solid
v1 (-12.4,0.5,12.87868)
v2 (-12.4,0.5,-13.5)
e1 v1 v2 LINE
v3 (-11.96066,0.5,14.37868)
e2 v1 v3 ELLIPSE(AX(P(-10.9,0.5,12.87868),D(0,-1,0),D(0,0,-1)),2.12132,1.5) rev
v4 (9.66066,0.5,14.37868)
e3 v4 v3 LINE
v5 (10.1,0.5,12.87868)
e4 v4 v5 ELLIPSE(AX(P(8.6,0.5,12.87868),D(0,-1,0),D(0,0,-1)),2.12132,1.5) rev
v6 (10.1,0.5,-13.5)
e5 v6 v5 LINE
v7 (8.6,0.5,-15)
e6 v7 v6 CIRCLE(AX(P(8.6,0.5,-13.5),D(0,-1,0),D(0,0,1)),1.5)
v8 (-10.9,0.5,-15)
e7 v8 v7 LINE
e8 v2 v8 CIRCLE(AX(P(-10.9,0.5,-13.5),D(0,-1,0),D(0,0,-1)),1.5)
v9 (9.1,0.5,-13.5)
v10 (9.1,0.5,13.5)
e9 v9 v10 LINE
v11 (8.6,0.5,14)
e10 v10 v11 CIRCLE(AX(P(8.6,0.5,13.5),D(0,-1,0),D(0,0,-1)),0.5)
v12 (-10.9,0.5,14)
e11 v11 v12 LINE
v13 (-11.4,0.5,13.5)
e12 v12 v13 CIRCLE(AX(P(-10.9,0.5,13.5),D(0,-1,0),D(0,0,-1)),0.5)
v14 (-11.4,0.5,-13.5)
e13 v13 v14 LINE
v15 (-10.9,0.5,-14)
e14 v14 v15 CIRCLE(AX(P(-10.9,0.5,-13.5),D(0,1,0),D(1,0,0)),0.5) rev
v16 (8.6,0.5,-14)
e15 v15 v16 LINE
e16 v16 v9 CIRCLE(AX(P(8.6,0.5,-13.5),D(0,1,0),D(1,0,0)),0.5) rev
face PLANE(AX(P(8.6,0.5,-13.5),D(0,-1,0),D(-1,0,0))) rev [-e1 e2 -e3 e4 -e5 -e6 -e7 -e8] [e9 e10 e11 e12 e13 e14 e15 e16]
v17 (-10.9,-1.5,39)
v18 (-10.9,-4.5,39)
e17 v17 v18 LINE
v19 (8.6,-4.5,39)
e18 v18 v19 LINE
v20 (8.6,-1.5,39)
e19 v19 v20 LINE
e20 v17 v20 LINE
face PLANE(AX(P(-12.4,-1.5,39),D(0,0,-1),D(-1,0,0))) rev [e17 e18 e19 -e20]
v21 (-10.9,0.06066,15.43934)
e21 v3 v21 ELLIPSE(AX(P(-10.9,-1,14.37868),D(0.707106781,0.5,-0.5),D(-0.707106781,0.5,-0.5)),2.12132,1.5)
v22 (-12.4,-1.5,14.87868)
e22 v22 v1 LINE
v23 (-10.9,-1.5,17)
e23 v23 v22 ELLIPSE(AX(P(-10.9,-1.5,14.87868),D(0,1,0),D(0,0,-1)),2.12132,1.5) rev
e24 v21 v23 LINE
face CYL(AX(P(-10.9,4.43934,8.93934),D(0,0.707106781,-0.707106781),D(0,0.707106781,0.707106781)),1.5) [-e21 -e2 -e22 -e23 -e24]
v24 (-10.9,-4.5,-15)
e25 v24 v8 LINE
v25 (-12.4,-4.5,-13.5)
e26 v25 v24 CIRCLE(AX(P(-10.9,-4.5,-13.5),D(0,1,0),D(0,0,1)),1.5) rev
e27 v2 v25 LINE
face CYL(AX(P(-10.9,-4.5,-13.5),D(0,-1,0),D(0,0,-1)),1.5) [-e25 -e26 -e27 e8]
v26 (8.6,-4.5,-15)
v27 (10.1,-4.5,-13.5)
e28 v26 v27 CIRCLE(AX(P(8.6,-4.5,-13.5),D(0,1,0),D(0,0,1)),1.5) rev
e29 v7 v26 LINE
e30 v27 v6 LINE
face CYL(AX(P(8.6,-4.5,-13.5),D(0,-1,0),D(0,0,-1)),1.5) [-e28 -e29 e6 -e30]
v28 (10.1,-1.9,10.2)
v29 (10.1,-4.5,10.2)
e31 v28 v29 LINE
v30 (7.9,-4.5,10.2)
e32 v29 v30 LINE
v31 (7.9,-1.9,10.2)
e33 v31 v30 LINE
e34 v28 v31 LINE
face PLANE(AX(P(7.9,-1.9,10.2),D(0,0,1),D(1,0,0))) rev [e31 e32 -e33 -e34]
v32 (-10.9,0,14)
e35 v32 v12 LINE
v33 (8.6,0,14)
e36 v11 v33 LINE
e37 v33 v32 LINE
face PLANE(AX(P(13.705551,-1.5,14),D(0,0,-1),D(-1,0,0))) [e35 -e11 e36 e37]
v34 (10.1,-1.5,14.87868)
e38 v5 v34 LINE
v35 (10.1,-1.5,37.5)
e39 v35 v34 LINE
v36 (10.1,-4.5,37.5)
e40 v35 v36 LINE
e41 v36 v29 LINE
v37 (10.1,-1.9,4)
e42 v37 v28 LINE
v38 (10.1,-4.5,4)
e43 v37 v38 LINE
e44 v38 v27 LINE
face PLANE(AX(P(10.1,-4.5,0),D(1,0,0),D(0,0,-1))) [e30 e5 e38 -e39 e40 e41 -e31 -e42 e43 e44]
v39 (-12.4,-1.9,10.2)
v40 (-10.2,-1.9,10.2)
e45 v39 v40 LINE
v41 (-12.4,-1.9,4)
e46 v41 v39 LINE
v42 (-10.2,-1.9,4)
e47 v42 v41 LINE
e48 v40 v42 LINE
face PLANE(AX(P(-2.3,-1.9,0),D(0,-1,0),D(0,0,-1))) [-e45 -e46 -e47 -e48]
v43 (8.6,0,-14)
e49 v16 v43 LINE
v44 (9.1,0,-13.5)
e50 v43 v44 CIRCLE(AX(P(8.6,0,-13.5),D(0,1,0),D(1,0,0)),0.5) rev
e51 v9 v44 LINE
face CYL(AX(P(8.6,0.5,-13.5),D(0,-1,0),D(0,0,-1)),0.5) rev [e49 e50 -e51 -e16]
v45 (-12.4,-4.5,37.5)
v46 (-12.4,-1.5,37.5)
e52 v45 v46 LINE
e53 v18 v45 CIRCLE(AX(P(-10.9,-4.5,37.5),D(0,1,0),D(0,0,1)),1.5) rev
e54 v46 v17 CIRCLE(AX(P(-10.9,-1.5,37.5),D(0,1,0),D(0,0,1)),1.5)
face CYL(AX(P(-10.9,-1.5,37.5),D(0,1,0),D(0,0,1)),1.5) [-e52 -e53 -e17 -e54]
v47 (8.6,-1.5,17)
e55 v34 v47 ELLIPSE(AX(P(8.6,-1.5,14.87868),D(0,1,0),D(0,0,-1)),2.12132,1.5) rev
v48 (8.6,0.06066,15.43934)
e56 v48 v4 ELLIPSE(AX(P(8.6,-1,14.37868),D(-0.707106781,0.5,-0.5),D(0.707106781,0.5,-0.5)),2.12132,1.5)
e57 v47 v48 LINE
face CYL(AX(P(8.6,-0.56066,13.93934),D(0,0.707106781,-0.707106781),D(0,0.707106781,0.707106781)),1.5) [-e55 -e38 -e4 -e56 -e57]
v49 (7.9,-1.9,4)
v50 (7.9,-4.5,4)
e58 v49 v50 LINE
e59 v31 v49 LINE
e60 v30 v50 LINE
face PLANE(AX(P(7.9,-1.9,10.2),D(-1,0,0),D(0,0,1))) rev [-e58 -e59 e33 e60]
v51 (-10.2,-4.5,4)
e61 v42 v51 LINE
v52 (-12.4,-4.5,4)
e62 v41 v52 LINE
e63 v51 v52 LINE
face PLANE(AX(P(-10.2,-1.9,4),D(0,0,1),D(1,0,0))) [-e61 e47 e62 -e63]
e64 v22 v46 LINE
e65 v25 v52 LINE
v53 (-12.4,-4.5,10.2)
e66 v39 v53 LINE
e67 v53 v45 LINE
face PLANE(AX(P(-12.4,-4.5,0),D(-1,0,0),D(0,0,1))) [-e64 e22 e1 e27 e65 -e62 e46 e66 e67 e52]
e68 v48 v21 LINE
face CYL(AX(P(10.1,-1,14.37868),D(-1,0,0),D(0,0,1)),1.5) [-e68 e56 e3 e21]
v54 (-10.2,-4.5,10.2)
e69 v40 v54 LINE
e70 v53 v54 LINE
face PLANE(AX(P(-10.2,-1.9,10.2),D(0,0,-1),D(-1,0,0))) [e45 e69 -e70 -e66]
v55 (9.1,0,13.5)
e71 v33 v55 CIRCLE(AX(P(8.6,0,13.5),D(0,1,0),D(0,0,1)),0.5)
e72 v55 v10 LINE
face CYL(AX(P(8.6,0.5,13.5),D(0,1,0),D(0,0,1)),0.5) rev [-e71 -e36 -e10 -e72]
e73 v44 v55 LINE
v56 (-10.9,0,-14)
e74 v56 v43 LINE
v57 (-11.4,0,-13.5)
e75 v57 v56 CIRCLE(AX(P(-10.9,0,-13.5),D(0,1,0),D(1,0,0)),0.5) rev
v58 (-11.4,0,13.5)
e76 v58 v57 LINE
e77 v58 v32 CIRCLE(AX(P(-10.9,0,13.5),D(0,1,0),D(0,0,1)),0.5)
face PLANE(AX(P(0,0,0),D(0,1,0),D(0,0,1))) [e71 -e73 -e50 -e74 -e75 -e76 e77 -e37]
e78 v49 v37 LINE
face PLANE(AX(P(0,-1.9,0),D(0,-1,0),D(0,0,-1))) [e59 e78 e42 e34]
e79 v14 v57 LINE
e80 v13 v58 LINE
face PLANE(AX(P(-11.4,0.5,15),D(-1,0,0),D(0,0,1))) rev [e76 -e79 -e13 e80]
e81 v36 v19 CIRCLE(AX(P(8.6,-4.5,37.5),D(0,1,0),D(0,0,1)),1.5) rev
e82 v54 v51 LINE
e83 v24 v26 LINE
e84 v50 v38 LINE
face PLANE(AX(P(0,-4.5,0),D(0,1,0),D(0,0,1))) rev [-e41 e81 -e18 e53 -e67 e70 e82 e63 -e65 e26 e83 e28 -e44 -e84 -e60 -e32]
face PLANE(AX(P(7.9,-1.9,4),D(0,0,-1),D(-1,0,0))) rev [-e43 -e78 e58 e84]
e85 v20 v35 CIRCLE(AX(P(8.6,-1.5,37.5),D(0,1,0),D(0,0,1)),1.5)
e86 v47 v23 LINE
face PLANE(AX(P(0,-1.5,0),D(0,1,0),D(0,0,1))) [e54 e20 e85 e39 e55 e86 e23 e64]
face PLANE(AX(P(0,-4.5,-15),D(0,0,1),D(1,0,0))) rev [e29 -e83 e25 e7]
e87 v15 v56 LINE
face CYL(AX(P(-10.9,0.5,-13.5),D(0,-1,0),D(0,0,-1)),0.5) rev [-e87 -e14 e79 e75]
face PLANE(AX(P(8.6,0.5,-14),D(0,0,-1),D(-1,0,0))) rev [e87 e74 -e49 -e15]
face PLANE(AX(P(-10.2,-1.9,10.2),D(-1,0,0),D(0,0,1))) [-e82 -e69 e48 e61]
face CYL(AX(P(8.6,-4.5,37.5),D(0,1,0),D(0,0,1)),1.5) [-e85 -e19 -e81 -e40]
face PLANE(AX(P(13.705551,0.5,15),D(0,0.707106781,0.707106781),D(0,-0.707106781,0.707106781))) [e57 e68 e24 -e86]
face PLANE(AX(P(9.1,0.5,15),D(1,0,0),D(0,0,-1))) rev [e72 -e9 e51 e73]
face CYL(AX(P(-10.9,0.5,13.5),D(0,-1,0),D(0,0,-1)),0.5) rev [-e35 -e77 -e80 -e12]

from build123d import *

# Parameters (mm, degrees)
SURFACE_SKETCH_W       = 22.5
SURFACE_SKETCH_H       = 30
BODY_DEPTH             = 4.5
SKETCH_19_W            = 22.5
SKETCH_19_H            = 24
EXTRUDE_4_DEPTH        = 3
FILLET_6_R             = 1.5
MAGNET_CUTOUT_SKETCH_W = 2.2
MAGNET_CUTOUT_SKETCH_H = 6.2
MAGNET_CUTOUT_DEPTH    = 2.6
BORDER_DEPTH           = 0.5
CHAMPFER_DEPTH         = 22.5
FILLET_7_R             = 1.5
FILLET_8_R             = 0.5
CUT_EXTRUDE_1_DEPTH    = 23.5


with BuildPart() as part:
    # surface_sketch → body (new body)
    with BuildSketch(Plane(origin=(0, 0, 0), x_dir=(1, 0, 0), z_dir=(0, 1, 0))):
        with Locations((-1.15, 0)):
            Rectangle(SURFACE_SKETCH_W, SURFACE_SKETCH_H)
    extrude(amount=-BODY_DEPTH)

    # Эскиз19 → Бобышка-Вытянуть4 (add)
    with BuildSketch(Plane(origin=(0, -4.5, 0), x_dir=(1, 0, 0), z_dir=(0, 1, 0))):
        with Locations((-1.15, -27)):
            Rectangle(SKETCH_19_W, SKETCH_19_H)
    extrude(amount=EXTRUDE_4_DEPTH)

    # Скругление6
    fillet_6_edges = [part.edges().sort_by_distance(p)[0] for p in [
        (-12.4, -3, 39),
        (10.1, -3, 39),
        (10.1, -2.25, -15),
        (-12.4, -2.25, -15),
    ]]
    fillet(fillet_6_edges, radius=FILLET_6_R)

    # magnet_cutout_sketch → magnet_cutout (cut)
    with BuildSketch(Plane.XZ.offset(4.5)):
        with Locations((9, 7.1)):
            Rectangle(MAGNET_CUTOUT_SKETCH_W, MAGNET_CUTOUT_SKETCH_H)
    magnet_cutout = extrude(amount=-MAGNET_CUTOUT_DEPTH, mode=Mode.SUBTRACT)

    # magnet_cutout_mirror: magnet_cutout across plane
    add(magnet_cutout.mirror(Plane(origin=(-1.15, 0, 0), x_dir=(0, 0, 1), z_dir=(1, 0, 0))), mode=Mode.SUBTRACT)

    # border_sketch → border (add)
    with BuildSketch(Plane(origin=(0, 0, 0), x_dir=(1, 0, 0), z_dir=(0, 1, 0))):
        with BuildLine():
            Line((-12.4, -15), (-12.4, 13.5))
            ThreePointArc((-12.4, 13.5), (-11.960660172, 14.560660172), (-10.9, 15))
            Line((-10.9, 15), (8.6, 15))
            ThreePointArc((8.6, 15), (9.660660172, 14.560660172), (10.1, 13.5))
            Line((10.1, 13.5), (10.1, -15))
            Line((10.1, -15), (9.1, -15))
            Line((9.1, -15), (9.1, 13.5))
            ThreePointArc((9.1, 13.5), (8.953553391, 13.853553391), (8.6, 14))
            Line((8.6, 14), (-10.9, 14))
            ThreePointArc((-10.9, 14), (-11.253553391, 13.853553391), (-11.4, 13.5))
            Line((-11.4, 13.5), (-11.4, -15))
            Line((-11.4, -15), (-12.4, -15))
        make_face()
    extrude(amount=BORDER_DEPTH)

    # Эскиз21 → champfer (add)
    with BuildSketch(Plane.ZY.offset(12.4)):
        Polygon((15, 0.5), (17, -1.5), (15, -1.5), (14, -1.5), (14, 0.5), align=None)
    extrude(amount=-CHAMPFER_DEPTH)

    # Скругление7
    fillet_7_edges = [part.edges().sort_by_distance(p)[0] for p in [
        (-12.4, -0.5, 16),
        (10.1, -0.5, 16),
    ]]
    fillet(fillet_7_edges, radius=FILLET_7_R)

    # Скругление8
    fillet_8_edges = [part.edges().sort_by_distance(p)[0] for p in [
        (9.1, 0.25, 14),
        (-11.4, 0.25, 14),
    ]]
    fillet(fillet_8_edges, radius=FILLET_8_R)

    # Эскиз22 → Вырез-Вытянуть1 (cut, through all)
    with BuildSketch(Plane.ZY.offset(12.4)):
        with BuildLine():
            Line((12.878679656, 0.5), (14.378679656, 0.5))
            ThreePointArc((14.378679656, 0.5), (14.952704805, 0.385819299), (15.439339828, 0.060660172))
            Line((15.439339828, 0.060660172), (17, -1.5))
            Line((17, -1.5), (17.923275361, -1.5))
            Line((17.923275361, -1.5), (15.181180077, 1.242095285))
            Line((15.181180077, 1.242095285), (12.878679656, 1.122407091))
            Line((12.878679656, 1.122407091), (12.878679656, 0.5))
        make_face()
    extrude(amount=-CUT_EXTRUDE_1_DEPTH, mode=Mode.SUBTRACT)


solid = part.part
